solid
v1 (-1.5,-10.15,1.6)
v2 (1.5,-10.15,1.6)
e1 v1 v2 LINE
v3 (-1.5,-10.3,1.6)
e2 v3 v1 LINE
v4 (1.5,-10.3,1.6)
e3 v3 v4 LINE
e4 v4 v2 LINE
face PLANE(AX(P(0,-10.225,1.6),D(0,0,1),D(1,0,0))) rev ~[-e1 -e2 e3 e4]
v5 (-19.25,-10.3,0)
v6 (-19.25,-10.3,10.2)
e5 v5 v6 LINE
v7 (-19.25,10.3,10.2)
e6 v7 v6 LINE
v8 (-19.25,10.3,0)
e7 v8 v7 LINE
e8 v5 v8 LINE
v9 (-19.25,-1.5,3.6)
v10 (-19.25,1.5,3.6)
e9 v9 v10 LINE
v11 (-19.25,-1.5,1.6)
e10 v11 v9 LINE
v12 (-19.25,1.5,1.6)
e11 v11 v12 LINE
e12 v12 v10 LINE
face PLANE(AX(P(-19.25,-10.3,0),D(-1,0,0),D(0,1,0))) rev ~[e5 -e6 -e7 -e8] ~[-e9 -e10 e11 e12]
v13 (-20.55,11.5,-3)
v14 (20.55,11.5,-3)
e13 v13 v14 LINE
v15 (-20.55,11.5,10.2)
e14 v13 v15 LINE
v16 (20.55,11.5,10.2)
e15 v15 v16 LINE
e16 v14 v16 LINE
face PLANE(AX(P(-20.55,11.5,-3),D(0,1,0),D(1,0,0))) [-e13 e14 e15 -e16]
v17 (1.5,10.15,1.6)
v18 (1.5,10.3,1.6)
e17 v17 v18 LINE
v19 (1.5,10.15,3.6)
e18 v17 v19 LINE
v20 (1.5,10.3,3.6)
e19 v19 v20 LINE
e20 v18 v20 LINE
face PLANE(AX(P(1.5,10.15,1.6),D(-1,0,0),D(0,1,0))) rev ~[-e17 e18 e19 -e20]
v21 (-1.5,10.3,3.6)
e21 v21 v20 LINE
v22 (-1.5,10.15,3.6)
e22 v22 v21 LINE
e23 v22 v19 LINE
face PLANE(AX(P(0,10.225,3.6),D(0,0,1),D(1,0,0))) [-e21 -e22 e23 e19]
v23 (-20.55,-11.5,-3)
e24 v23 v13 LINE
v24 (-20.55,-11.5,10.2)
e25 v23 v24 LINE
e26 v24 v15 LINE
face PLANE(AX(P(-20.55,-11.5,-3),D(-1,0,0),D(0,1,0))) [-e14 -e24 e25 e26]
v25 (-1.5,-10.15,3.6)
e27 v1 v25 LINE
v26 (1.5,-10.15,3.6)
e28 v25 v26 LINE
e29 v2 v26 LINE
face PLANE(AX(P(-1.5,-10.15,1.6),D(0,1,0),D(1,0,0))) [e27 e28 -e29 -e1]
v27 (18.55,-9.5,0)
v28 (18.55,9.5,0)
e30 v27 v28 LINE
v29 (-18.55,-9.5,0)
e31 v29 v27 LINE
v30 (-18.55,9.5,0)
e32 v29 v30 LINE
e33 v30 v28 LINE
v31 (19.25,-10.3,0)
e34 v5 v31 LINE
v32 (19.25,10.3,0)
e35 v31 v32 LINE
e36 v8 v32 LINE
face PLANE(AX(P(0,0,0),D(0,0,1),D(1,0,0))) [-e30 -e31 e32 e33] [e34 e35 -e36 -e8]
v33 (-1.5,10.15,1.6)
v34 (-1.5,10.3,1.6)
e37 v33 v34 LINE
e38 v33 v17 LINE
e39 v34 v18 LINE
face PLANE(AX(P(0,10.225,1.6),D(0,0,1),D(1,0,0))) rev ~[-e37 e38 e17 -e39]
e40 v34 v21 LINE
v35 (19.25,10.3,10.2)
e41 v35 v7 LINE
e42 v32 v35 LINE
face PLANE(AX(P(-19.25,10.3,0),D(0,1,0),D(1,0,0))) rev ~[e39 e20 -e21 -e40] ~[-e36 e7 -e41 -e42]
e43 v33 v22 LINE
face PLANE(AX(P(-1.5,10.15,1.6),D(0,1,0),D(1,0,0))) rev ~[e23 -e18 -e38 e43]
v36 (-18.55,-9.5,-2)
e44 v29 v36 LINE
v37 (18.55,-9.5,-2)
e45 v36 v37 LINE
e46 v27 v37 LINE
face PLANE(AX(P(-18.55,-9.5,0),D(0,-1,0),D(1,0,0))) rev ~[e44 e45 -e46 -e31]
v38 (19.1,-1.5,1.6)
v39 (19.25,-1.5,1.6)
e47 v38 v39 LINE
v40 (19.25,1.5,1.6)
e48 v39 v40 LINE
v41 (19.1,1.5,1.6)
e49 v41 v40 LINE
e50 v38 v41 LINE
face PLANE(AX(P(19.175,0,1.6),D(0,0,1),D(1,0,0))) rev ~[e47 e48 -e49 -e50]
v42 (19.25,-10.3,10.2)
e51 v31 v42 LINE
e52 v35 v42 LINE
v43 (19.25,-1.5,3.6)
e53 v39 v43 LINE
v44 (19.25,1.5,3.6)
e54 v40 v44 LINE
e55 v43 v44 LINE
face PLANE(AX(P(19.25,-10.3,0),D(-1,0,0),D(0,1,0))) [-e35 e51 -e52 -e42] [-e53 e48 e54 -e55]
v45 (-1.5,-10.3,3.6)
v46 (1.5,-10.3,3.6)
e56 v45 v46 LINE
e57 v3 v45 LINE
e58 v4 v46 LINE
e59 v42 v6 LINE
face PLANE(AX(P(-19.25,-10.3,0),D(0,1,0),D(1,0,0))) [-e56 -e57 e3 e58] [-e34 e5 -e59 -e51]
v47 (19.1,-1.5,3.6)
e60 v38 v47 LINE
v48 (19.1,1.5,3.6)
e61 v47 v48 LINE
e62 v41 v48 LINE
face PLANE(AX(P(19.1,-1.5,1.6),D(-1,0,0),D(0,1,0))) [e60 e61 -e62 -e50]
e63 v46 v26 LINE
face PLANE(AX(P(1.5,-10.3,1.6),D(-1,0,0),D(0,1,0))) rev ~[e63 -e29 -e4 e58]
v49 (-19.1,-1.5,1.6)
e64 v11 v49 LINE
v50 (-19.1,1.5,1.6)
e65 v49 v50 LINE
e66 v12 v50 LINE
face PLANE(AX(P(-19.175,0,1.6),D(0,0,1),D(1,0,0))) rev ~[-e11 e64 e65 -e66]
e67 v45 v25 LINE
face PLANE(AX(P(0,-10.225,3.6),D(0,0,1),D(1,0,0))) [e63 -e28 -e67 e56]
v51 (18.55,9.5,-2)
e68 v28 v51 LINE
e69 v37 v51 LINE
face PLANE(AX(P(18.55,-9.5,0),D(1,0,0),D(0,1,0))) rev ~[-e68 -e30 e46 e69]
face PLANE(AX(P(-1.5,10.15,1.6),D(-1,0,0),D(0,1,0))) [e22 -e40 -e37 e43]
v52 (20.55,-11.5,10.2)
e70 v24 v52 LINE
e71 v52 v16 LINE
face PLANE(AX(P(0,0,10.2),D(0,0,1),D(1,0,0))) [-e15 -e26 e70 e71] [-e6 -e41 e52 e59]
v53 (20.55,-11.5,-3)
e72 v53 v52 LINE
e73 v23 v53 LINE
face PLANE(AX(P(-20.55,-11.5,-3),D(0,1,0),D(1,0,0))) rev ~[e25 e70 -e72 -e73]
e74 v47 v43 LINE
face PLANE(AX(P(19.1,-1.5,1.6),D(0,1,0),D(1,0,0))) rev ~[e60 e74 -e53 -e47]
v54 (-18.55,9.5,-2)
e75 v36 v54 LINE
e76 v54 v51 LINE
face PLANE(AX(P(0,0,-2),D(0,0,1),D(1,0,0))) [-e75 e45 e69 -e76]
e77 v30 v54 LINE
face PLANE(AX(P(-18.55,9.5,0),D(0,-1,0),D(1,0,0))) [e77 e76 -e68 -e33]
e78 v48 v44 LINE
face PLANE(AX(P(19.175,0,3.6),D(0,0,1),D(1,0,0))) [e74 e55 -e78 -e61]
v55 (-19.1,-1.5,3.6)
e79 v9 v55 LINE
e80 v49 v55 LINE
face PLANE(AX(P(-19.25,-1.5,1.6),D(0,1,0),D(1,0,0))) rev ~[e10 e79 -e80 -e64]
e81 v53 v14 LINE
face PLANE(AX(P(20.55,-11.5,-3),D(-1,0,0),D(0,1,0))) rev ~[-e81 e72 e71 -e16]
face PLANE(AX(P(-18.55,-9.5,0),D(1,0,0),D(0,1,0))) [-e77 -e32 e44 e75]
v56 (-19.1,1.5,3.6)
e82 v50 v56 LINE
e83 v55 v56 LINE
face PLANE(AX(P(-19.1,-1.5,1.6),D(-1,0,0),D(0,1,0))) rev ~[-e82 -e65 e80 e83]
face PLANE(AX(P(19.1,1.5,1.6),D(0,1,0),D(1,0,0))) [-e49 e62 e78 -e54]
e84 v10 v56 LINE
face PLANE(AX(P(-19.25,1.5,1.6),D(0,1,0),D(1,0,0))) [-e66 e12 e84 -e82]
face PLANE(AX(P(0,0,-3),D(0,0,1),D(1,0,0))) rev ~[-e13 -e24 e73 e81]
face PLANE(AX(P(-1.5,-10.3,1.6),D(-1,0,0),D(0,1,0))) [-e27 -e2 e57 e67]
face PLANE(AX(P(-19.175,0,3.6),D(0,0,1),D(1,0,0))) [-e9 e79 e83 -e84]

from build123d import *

# Parameters (mm, degrees)
SKETCH001_W     = 41.1
SKETCH001_H     = 23
PAD_DEPTH       = 13.2
SKETCH002_W     = 38.5
SKETCH002_H     = 20.6
POCKET_DEPTH    = 10.201
SKETCH_W        = 37.1
SKETCH_H        = 19
POCKET001_DEPTH = 2
SKETCH007_W     = 0.15
SKETCH007_H     = 3
SKETCH007_W_2   = 3
SKETCH007_H_2   = 0.15
PAD003_DEPTH    = 2


with BuildPart() as part:
    # Sketch001 (on DatumPlane) → Pad (new body)
    with BuildSketch(Plane.XY.offset(-3)):
        Rectangle(SKETCH001_W, SKETCH001_H)
    extrude(amount=PAD_DEPTH)

    # Sketch002 → Pocket (cut, through all)
    with BuildSketch(Plane.XY):
        Rectangle(SKETCH002_W, SKETCH002_H)
    extrude(amount=POCKET_DEPTH, mode=Mode.SUBTRACT)

    # Sketch → Pocket001 (cut)
    with BuildSketch(Plane.XY):
        Rectangle(SKETCH_W, SKETCH_H)
    extrude(amount=-POCKET001_DEPTH, mode=Mode.SUBTRACT)

    # Sketch007 (on DatumPlane) → Pad003 (join)
    with BuildSketch(Plane.XY.offset(1.6)):
        with Locations((-19.175, 0)):
            Rectangle(SKETCH007_W, SKETCH007_H)
        with Locations((0, 10.225)):
            Rectangle(SKETCH007_W_2, SKETCH007_H_2)
        with Locations((0, -10.225)):
            Rectangle(SKETCH007_W_2, SKETCH007_H_2)
        with Locations((19.175, 0)):
            Rectangle(SKETCH007_W, SKETCH007_H)
    extrude(amount=PAD003_DEPTH)


solid = part.part
